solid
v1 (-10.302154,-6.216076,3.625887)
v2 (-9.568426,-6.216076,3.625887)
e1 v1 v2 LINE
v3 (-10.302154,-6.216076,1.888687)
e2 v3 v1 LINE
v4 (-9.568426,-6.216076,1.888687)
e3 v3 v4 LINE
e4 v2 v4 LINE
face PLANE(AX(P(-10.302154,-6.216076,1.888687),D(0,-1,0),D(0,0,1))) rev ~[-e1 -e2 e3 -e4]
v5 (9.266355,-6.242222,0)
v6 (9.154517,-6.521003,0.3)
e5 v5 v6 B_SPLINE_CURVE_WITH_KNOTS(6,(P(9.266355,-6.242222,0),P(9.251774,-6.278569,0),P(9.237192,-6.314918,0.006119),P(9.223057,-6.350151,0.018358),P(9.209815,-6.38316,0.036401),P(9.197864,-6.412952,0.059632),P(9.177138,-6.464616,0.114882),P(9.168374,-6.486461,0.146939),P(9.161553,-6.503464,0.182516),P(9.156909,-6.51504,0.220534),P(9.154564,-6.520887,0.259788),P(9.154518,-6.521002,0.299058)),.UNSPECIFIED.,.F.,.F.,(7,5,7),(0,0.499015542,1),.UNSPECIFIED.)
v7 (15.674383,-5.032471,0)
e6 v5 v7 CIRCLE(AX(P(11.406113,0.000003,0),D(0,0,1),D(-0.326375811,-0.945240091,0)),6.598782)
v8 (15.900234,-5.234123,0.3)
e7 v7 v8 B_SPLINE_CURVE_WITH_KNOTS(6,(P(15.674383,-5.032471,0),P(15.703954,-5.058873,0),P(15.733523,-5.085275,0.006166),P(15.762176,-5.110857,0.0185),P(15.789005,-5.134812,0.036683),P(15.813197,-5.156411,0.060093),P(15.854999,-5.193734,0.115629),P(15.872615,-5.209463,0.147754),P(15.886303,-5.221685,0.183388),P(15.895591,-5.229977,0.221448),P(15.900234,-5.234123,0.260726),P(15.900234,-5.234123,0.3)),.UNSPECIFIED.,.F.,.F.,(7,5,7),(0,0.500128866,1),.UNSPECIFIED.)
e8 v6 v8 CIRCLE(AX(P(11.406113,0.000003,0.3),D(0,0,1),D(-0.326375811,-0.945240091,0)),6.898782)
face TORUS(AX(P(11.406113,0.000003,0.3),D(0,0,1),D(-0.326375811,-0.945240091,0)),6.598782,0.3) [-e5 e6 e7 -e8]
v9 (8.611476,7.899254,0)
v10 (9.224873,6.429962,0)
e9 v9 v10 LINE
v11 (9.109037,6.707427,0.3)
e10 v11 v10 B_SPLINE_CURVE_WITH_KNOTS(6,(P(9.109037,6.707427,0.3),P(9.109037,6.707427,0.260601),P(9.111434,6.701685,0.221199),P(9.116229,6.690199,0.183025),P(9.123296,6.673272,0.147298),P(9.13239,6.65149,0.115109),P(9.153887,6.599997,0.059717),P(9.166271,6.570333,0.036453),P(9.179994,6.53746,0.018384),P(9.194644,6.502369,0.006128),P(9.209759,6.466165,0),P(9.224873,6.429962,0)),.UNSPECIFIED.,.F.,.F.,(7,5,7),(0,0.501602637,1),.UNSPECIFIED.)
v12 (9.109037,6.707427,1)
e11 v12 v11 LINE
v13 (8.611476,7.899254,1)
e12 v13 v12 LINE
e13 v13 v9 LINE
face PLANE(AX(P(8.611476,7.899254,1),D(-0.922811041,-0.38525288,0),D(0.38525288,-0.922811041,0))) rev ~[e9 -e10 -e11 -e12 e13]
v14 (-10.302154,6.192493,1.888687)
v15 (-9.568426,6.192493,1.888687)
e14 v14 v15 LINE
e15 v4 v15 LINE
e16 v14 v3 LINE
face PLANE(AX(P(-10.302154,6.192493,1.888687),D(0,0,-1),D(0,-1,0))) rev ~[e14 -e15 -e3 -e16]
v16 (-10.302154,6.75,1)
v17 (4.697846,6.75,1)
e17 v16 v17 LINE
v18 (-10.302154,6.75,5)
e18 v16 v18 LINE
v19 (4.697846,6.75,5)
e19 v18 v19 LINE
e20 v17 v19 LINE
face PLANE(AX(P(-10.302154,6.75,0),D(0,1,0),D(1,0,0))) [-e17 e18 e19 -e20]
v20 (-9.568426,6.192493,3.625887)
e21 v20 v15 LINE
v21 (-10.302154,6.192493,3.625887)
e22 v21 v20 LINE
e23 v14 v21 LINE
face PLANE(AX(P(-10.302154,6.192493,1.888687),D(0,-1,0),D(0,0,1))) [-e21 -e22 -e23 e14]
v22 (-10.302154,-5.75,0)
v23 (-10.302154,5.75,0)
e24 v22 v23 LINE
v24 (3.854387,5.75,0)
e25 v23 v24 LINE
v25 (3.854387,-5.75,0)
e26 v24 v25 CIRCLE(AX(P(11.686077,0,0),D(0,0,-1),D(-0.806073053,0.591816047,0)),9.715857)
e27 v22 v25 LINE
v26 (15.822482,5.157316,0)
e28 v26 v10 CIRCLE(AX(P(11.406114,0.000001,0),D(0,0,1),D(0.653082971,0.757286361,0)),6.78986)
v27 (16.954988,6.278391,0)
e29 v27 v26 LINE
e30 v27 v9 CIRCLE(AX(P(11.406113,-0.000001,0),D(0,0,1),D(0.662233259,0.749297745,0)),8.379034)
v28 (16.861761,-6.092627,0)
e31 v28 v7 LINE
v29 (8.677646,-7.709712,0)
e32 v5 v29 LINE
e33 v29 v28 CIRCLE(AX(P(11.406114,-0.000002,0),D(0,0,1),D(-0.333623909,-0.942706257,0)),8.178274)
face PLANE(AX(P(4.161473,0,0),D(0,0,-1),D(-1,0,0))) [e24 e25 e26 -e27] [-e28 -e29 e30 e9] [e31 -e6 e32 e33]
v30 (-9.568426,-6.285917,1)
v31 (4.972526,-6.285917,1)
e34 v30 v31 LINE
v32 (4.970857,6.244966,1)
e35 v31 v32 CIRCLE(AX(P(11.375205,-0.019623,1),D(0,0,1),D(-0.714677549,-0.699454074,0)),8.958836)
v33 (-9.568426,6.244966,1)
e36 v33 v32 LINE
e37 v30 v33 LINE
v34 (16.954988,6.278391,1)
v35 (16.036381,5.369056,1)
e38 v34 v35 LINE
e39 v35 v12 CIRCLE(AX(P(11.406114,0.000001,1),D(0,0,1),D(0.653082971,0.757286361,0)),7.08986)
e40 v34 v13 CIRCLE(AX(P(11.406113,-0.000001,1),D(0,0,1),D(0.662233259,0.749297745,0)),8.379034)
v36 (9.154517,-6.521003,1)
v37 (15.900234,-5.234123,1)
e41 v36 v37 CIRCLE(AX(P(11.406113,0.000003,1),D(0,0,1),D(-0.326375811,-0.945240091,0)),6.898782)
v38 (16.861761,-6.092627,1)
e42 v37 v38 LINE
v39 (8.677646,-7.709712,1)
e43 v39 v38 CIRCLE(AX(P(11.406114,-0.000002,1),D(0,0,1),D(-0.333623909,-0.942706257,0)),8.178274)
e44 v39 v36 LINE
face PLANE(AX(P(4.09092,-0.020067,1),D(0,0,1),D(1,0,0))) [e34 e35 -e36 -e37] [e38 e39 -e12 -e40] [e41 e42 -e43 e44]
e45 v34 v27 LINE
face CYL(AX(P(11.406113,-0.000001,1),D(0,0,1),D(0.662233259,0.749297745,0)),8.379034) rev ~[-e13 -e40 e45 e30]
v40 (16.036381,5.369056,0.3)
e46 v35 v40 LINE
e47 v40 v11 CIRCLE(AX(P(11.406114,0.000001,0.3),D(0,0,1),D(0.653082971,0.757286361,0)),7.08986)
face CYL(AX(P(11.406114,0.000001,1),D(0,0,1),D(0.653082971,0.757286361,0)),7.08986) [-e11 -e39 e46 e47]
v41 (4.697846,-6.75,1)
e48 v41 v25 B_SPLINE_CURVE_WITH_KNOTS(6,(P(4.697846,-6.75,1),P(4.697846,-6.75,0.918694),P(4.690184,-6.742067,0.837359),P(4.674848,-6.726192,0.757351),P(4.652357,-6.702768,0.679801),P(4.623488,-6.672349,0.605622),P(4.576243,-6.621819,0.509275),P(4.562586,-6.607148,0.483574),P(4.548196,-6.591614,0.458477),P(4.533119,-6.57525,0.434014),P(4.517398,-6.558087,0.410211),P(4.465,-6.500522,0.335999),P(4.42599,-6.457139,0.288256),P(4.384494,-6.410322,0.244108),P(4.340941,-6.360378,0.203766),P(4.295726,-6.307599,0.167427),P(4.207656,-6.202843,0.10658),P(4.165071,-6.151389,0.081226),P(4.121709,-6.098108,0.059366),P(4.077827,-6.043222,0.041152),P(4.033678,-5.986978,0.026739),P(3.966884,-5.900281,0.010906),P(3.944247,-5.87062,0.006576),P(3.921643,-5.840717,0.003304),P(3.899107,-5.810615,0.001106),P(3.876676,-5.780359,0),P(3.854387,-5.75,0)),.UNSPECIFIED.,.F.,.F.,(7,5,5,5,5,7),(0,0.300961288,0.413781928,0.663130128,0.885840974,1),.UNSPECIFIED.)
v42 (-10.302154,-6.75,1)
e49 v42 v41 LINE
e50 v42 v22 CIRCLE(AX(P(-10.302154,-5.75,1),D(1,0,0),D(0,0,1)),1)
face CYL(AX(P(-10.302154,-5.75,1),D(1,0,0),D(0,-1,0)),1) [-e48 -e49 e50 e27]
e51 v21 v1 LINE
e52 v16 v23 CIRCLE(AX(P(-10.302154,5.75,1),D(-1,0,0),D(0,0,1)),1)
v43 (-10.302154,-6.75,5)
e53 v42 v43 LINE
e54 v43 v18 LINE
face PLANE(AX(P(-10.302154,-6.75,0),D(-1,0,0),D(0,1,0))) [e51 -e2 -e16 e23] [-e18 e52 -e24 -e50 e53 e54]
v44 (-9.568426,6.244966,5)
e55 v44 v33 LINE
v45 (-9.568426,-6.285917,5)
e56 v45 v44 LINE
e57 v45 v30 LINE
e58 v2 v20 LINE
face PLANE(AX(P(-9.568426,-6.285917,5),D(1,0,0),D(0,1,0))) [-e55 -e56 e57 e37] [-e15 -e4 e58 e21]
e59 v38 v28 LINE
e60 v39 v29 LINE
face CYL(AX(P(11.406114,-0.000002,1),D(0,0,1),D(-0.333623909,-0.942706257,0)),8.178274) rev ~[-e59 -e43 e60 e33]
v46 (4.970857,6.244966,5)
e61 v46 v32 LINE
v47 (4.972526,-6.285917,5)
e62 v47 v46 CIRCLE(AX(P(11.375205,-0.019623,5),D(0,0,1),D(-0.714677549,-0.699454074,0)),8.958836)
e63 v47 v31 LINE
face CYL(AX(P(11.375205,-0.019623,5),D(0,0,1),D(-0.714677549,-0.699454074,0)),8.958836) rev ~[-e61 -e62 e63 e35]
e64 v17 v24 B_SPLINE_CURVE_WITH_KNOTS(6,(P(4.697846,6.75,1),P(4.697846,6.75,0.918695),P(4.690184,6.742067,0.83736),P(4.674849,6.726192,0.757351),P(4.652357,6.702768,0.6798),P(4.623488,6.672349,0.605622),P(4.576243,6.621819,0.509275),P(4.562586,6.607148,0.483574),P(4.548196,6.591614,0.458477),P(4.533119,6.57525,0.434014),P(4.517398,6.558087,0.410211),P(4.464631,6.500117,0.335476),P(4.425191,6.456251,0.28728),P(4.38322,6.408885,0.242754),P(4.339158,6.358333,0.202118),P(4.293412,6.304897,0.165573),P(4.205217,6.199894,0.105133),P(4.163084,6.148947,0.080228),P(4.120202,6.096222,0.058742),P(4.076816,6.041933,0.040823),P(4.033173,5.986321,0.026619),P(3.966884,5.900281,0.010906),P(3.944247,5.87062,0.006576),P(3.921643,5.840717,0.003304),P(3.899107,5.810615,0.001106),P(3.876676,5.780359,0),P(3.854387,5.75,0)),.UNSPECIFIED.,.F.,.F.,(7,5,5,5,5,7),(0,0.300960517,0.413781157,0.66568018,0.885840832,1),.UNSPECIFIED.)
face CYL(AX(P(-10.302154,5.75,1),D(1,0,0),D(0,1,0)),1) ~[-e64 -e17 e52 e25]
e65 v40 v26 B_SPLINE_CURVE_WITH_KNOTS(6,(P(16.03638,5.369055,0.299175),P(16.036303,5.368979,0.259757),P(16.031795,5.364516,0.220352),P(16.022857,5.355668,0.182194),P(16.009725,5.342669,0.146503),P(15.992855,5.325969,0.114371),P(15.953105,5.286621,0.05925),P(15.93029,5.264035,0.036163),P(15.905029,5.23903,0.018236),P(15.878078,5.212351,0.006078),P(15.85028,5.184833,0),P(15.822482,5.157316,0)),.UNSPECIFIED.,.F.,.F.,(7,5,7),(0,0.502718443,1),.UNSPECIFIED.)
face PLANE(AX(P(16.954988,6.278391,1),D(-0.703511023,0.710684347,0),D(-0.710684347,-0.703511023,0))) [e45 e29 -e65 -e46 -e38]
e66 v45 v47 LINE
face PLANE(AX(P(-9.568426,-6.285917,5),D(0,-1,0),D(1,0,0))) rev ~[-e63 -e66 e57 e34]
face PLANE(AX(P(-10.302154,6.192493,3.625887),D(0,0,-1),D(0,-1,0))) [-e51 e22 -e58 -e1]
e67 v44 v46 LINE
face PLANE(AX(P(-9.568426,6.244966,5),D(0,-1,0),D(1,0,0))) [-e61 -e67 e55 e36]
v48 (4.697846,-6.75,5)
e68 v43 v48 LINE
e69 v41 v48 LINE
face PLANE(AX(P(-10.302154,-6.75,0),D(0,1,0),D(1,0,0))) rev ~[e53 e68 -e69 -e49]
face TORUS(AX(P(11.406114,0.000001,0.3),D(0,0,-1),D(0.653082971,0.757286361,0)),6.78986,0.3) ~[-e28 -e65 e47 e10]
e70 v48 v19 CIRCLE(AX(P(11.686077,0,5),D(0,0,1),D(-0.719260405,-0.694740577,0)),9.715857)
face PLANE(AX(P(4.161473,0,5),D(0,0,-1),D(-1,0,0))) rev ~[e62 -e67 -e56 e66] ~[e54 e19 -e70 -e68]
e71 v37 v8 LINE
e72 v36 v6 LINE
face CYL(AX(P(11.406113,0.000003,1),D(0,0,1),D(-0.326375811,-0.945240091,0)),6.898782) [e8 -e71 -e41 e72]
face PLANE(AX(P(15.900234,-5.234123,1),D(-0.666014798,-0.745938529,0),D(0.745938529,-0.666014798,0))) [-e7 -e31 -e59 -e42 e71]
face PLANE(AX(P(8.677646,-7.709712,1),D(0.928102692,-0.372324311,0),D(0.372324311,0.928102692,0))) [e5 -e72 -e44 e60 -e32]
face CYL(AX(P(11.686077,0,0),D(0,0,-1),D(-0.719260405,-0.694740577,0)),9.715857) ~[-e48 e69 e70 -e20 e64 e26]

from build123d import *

# Parameters (mm, degrees)
PAD_DEPTH       = 5
POCKET_DEPTH    = 4
POCKET004_DEPTH = 5
FILLET_R        = 1
FILLET001_R     = 1
FILLET002_R     = 0.3
FILLET003_R     = 0.3
SKETCH012_W     = 12.408569
SKETCH012_H     = 1.7372
POCKET007_DEPTH = 2


with BuildPart() as part:
    # Sketch → Pad (new body)
    with BuildSketch(Plane.XY):
        with BuildLine():
            Line((-10.302154, -6.75), (-10.302154, 6.75))
            Line((-10.302154, 6.75), (4.697846, 6.75))
            ThreePointArc((4.697846, -6.75), (21.401934, 0), (4.697846, 6.75))
            Line((-10.302154, -6.75), (4.697846, -6.75))
        make_face()
    extrude(amount=PAD_DEPTH)

    # Sketch001 (on Face6 of Pad) → Pocket (cut)
    with BuildSketch(Plane.XY.offset(5)):
        with BuildLine():
            Line((-9.568426, -6.285917), (4.972526, -6.285917))
            ThreePointArc((4.972526, -6.285917), (20.334041, -0.01843), (4.970857, 6.244966))
            Line((-9.568426, 6.244966), (4.970857, 6.244966))
            Line((-9.568426, -6.285917), (-9.568426, 6.244966))
        make_face()
    extrude(amount=-POCKET_DEPTH, mode=Mode.SUBTRACT)

    # Sketch010 (on Face11 of Pocket) → Pocket004 (cut)
    with BuildSketch(Plane.XY.offset(1)):
        with BuildLine():
            ThreePointArc((16.954988, 6.278391), (13.004004, 8.225263), (8.611476, 7.899254))
            Line((8.611476, 7.899254), (9.109037, 6.707427))
            ThreePointArc((16.036381, 5.369056), (12.751013, 6.961134), (9.109037, 6.707427))
            Line((16.954988, 6.278391), (16.036381, 5.369056))
        make_face()
        with BuildLine():
            ThreePointArc((8.677646, -7.709712), (12.991395, -8.023159), (16.861761, -6.092627))
            Line((15.900234, -5.234123), (16.861761, -6.092627))
            ThreePointArc((9.154517, -6.521003), (12.69888, -6.776571), (15.900234, -5.234123))
            Line((8.677646, -7.709712), (9.154517, -6.521003))
        make_face()
    extrude(amount=-POCKET004_DEPTH, mode=Mode.SUBTRACT)

    # Fillet
    fillet_edges = [part.edges().sort_by_distance(p)[0] for p in [
        (-2.802154, -6.75, 0),
    ]]
    fillet(fillet_edges, radius=FILLET_R)

    # Fillet001
    fillet001_edges = [part.edges().sort_by_distance(p)[0] for p in [
        (-2.802154, 6.75, 0),
    ]]
    fillet(fillet001_edges, radius=FILLET001_R)

    # Fillet002
    fillet002_edges = [part.edges().sort_by_distance(p)[0] for p in [
        (12.751013, 6.961134, 0),
    ]]
    fillet(fillet002_edges, radius=FILLET002_R)

    # Fillet003
    fillet003_edges = [part.edges().sort_by_distance(p)[0] for p in [
        (12.69888, -6.776571, 0),
    ]]
    fillet(fillet003_edges, radius=FILLET003_R)

    # Sketch012 (on Face10 of Fillet003) → Pocket007 (cut)
    with BuildSketch(Plane(origin=(-10.302154, 0, 0), x_dir=(0, -1, 0), z_dir=(-1, 0, 0))):
        with Locations((0.011792, 2.757287)):
            Rectangle(SKETCH012_W, SKETCH012_H)
    extrude(amount=-POCKET007_DEPTH, mode=Mode.SUBTRACT)


solid = part.part
